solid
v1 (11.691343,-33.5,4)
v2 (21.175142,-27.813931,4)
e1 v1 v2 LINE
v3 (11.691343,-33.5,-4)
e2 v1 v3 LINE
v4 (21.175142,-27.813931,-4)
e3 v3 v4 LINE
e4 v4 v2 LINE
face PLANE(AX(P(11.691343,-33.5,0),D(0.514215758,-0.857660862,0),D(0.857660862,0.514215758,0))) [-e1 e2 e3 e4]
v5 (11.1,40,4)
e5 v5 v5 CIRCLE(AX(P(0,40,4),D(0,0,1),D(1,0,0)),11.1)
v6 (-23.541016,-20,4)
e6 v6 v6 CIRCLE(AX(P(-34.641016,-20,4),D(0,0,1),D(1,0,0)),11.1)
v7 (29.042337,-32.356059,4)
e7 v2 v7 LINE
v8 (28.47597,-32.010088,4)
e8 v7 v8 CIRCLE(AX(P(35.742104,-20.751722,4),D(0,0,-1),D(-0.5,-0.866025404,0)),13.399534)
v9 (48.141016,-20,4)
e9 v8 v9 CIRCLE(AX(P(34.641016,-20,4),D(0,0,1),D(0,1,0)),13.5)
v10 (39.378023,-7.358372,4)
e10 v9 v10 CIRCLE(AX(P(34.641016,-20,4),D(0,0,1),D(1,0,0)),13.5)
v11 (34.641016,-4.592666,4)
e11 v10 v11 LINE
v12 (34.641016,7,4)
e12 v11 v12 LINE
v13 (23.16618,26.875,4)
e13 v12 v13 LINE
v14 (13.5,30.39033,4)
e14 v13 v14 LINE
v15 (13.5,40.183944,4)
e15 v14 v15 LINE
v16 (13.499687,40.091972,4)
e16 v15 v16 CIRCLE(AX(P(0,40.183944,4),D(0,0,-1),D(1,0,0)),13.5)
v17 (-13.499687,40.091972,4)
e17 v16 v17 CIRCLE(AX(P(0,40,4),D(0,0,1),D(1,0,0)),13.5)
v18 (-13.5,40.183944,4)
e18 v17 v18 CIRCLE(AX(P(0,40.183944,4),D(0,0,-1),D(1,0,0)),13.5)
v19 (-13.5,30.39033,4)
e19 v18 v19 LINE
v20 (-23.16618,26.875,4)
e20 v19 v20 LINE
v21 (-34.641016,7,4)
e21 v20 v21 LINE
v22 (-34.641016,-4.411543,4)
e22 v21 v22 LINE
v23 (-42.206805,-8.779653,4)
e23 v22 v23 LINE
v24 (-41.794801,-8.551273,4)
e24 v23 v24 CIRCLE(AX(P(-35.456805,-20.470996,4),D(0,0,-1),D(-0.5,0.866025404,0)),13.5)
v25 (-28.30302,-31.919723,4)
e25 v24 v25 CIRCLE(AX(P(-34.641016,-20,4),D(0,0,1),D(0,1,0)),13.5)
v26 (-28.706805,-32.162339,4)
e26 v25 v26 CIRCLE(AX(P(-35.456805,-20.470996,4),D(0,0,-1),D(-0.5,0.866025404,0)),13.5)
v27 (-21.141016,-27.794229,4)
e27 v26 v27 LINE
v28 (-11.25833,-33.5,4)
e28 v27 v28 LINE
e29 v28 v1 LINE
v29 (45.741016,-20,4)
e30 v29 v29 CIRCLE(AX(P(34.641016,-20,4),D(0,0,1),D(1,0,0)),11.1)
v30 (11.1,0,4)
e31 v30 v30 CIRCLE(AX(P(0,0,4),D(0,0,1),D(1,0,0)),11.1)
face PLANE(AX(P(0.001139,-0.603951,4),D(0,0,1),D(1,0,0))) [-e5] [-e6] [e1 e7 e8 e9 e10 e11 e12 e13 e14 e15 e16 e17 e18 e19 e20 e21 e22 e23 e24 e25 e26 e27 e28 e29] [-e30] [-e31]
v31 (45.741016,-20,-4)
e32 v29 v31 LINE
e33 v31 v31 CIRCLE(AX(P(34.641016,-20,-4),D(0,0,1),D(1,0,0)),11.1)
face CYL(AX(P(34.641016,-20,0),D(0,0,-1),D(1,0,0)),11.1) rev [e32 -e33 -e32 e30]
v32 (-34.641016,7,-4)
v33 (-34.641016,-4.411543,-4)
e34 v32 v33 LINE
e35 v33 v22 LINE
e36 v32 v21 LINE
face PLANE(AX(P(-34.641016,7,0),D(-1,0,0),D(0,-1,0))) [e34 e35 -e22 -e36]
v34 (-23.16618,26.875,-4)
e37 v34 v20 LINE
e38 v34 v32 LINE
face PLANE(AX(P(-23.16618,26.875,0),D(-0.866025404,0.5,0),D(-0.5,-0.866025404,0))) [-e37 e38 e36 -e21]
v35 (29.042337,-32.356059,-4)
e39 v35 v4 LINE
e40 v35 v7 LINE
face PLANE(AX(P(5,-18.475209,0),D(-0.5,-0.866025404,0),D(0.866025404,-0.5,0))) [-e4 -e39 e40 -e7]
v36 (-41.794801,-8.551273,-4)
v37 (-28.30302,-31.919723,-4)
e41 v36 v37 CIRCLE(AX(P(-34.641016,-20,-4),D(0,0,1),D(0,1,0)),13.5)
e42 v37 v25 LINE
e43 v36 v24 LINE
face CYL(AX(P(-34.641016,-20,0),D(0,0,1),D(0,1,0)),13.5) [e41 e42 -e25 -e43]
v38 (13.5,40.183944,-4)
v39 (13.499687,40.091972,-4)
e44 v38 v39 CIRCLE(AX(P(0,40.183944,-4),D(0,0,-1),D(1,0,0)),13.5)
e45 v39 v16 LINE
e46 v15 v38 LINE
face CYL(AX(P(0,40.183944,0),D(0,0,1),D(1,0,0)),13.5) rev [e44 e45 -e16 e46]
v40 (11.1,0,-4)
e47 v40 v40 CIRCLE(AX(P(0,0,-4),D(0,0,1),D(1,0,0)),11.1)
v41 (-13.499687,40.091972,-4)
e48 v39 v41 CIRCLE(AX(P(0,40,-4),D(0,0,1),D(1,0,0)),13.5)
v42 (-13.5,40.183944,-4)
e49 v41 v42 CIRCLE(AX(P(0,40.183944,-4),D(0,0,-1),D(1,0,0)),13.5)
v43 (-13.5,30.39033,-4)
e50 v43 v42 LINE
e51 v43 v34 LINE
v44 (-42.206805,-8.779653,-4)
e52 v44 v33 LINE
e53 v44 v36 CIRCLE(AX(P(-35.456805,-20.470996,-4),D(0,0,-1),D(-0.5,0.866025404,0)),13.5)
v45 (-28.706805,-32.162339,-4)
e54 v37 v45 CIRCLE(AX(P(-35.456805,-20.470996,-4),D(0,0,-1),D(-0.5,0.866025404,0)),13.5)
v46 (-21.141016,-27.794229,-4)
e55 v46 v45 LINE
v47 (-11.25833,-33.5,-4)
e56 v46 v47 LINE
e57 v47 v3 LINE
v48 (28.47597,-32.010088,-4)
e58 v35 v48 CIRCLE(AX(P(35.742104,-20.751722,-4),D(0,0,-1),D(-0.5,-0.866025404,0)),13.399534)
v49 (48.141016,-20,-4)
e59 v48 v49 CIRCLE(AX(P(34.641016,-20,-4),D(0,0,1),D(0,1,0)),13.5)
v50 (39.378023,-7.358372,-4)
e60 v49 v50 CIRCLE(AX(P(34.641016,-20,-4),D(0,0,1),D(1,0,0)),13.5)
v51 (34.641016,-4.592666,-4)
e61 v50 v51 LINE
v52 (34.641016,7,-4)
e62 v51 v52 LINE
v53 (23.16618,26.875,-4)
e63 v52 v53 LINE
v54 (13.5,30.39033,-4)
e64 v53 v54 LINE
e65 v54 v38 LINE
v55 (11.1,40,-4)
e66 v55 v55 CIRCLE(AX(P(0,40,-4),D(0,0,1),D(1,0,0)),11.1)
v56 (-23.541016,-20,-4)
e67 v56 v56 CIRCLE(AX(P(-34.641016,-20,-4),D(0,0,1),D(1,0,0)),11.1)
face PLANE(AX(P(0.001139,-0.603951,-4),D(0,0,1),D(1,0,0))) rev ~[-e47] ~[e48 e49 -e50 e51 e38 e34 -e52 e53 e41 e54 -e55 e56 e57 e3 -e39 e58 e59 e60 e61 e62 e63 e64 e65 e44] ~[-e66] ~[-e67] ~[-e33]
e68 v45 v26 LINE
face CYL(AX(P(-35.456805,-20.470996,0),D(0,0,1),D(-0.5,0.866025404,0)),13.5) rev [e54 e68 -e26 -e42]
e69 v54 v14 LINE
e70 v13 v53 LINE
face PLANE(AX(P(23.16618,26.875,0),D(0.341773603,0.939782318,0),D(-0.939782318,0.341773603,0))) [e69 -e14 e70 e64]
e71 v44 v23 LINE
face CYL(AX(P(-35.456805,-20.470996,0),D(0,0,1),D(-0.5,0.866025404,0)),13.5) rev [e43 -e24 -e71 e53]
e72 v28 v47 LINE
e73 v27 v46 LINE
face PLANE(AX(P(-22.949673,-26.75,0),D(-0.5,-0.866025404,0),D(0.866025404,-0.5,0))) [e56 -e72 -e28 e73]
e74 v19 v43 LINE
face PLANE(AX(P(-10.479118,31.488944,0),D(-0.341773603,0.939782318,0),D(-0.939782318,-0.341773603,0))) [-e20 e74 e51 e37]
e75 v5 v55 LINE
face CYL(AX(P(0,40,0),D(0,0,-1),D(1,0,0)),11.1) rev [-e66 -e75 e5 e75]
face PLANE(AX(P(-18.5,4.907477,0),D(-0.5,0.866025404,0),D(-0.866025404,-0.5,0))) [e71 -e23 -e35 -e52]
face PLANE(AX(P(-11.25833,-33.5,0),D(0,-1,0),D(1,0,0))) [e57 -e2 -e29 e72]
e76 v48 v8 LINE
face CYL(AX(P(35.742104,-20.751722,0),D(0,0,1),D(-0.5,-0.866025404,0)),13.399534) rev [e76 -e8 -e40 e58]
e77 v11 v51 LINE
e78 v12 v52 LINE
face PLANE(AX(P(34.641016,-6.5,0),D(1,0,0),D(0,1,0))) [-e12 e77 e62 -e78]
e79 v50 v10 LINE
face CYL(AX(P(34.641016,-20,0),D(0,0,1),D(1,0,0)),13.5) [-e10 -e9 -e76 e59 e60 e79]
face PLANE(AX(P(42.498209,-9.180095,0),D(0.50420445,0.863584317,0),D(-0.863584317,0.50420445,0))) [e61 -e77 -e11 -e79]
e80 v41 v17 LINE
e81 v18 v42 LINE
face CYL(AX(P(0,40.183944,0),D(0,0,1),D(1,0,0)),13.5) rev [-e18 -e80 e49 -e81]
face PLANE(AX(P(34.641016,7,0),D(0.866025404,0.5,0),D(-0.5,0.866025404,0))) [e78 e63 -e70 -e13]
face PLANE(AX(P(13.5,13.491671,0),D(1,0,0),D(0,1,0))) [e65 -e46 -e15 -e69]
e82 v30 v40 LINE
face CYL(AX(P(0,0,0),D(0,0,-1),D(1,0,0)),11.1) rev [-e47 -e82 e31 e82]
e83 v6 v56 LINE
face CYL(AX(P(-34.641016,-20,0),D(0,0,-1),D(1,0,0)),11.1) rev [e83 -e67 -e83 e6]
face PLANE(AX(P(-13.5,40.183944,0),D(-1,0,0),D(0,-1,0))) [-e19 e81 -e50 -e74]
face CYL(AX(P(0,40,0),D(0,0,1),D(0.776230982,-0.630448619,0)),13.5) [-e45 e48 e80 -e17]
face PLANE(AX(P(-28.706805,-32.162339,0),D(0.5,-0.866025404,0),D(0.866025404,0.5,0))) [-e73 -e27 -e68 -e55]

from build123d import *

# Parameters (mm, degrees)
F1_R     = 13
F2_DEPTH = 4
F0_R     = 13.5
F0_R_2   = 11.1
F3_DEPTH = 4


with BuildPart() as f2:
    # F1 (on Top) → F2 (new body, symmetric)
    with BuildSketch(Plane.XY):
        with BuildLine():
            Line((-18.5, 4.9074772881), (-42.2068053795, -8.7796531794))
            ThreePointArc((-42.2068053795, -8.7796531794), (-23.7654624284, -13.7209961304), (-28.7068053795, -32.1623390815))
            Line((-28.7068053795, -32.1623390815), (-5, -18.4752086141))
            ThreePointArc((-5, -18.4752086141), (0, -17.1354626519), (5, -18.4752086141))
            Line((5, -18.4752086141), (29.0423372789, -32.356058514))
            ThreePointArc((29.0423372789, -32.356058514), (24.1540880228, -14.0237663858), (42.4982086314, -9.180094787))
            Line((42.4982086314, -9.180094787), (18.4579555046, 4.8558277649))
            ThreePointArc((18.4579555046, 4.8558277649), (14.8276172549, 8.5127375657), (13.5, 13.4916709378))
            Line((13.5, 13.4916709378), (13.5, 40.1839444775))
            ThreePointArc((13.5, 40.1839444775), (0, 26.6839444775), (-13.5, 40.1839444775))
            Line((-13.5, 40.1839444775), (-13.5, 13.567731326))
            ThreePointArc((-13.5, 13.567731326), (-14.8397459622, 8.567731326), (-18.5, 4.9074772881))
        make_face()
        Circle(F1_R, mode=Mode.SUBTRACT)
    extrude(amount=F2_DEPTH, both=True)

    # F0 (on Top) → F3 (join, symmetric)
    with BuildSketch(Plane.XY):
        with BuildLine():
            ThreePointArc((10.4791182636, 31.4889436368), (0, 26.5), (-10.4791182636, 31.4889436368))
            Line((-10.4791182636, 31.4889436368), (-23.1661795512, 26.875))
            Line((-23.1661795512, 26.875), (-34.6410161514, 7))
            Line((-34.6410161514, 7), (-34.6410161514, -6.5))
            ThreePointArc((-34.6410161514, -6.5), (-25.0950746054, -10.454058454), (-21.1410161514, -20))
            ThreePointArc((-21.1410161514, -20), (-21.6010174965, -23.4940571089), (-22.9496732003, -26.75))
            Line((-22.9496732003, -26.75), (-11.2583302492, -33.5))
            Line((-11.2583302492, -33.5), (11.6913429511, -33.5))
            Line((11.6913429511, -33.5), (22.9496732003, -26.75))
            ThreePointArc((22.9496732003, -26.75), (22.9496732003, -13.25), (34.6410161514, -6.5))
            Line((34.6410161514, -6.5), (34.6410161514, 7))
            Line((34.6410161514, 7), (23.1661795512, 26.875))
            Line((23.1661795512, 26.875), (10.4791182636, 31.4889436368))
        make_face()
        Circle(F0_R, mode=Mode.SUBTRACT)
        with BuildLine():
            ThreePointArc((10.4791182636, 31.4889436368), (12.7223837499, 35.4843658562), (13.5, 40))
            ThreePointArc((13.5, 40), (-4.5156341438, 52.7223837499), (-10.4791182636, 31.4889436368))
            ThreePointArc((-10.4791182636, 31.4889436368), (0, 26.5), (10.4791182636, 31.4889436368))
        make_face()
        with Locations((0, 40)):
            Circle(F0_R_2, mode=Mode.SUBTRACT)
        with BuildLine():
            ThreePointArc((48.1410161514, -20), (44.1869576974, -10.454058454), (34.6410161514, -6.5))
            ThreePointArc((34.6410161514, -6.5), (22.9496732003, -13.25), (22.9496732003, -26.75))
            ThreePointArc((22.9496732003, -26.75), (38.1350732603, -33.0399986549), (48.1410161514, -20))
        make_face()
        with Locations((34.6410161514, -20)):
            Circle(F0_R_2, mode=Mode.SUBTRACT)
        with BuildLine():
            ThreePointArc((-21.1410161514, -20), (-25.0950746054, -10.454058454), (-34.6410161514, -6.5))
            ThreePointArc((-34.6410161514, -6.5), (-46.3323591025, -26.75), (-22.9496732003, -26.75))
            ThreePointArc((-22.9496732003, -26.75), (-21.6010174965, -23.4940571089), (-21.1410161514, -20))
        make_face()
        with Locations((-34.6410161514, -20)):
            Circle(F0_R_2, mode=Mode.SUBTRACT)
        Circle(F0_R)
        Circle(F0_R_2, mode=Mode.SUBTRACT)
    extrude(amount=F3_DEPTH, both=True)


solid = f2.part
